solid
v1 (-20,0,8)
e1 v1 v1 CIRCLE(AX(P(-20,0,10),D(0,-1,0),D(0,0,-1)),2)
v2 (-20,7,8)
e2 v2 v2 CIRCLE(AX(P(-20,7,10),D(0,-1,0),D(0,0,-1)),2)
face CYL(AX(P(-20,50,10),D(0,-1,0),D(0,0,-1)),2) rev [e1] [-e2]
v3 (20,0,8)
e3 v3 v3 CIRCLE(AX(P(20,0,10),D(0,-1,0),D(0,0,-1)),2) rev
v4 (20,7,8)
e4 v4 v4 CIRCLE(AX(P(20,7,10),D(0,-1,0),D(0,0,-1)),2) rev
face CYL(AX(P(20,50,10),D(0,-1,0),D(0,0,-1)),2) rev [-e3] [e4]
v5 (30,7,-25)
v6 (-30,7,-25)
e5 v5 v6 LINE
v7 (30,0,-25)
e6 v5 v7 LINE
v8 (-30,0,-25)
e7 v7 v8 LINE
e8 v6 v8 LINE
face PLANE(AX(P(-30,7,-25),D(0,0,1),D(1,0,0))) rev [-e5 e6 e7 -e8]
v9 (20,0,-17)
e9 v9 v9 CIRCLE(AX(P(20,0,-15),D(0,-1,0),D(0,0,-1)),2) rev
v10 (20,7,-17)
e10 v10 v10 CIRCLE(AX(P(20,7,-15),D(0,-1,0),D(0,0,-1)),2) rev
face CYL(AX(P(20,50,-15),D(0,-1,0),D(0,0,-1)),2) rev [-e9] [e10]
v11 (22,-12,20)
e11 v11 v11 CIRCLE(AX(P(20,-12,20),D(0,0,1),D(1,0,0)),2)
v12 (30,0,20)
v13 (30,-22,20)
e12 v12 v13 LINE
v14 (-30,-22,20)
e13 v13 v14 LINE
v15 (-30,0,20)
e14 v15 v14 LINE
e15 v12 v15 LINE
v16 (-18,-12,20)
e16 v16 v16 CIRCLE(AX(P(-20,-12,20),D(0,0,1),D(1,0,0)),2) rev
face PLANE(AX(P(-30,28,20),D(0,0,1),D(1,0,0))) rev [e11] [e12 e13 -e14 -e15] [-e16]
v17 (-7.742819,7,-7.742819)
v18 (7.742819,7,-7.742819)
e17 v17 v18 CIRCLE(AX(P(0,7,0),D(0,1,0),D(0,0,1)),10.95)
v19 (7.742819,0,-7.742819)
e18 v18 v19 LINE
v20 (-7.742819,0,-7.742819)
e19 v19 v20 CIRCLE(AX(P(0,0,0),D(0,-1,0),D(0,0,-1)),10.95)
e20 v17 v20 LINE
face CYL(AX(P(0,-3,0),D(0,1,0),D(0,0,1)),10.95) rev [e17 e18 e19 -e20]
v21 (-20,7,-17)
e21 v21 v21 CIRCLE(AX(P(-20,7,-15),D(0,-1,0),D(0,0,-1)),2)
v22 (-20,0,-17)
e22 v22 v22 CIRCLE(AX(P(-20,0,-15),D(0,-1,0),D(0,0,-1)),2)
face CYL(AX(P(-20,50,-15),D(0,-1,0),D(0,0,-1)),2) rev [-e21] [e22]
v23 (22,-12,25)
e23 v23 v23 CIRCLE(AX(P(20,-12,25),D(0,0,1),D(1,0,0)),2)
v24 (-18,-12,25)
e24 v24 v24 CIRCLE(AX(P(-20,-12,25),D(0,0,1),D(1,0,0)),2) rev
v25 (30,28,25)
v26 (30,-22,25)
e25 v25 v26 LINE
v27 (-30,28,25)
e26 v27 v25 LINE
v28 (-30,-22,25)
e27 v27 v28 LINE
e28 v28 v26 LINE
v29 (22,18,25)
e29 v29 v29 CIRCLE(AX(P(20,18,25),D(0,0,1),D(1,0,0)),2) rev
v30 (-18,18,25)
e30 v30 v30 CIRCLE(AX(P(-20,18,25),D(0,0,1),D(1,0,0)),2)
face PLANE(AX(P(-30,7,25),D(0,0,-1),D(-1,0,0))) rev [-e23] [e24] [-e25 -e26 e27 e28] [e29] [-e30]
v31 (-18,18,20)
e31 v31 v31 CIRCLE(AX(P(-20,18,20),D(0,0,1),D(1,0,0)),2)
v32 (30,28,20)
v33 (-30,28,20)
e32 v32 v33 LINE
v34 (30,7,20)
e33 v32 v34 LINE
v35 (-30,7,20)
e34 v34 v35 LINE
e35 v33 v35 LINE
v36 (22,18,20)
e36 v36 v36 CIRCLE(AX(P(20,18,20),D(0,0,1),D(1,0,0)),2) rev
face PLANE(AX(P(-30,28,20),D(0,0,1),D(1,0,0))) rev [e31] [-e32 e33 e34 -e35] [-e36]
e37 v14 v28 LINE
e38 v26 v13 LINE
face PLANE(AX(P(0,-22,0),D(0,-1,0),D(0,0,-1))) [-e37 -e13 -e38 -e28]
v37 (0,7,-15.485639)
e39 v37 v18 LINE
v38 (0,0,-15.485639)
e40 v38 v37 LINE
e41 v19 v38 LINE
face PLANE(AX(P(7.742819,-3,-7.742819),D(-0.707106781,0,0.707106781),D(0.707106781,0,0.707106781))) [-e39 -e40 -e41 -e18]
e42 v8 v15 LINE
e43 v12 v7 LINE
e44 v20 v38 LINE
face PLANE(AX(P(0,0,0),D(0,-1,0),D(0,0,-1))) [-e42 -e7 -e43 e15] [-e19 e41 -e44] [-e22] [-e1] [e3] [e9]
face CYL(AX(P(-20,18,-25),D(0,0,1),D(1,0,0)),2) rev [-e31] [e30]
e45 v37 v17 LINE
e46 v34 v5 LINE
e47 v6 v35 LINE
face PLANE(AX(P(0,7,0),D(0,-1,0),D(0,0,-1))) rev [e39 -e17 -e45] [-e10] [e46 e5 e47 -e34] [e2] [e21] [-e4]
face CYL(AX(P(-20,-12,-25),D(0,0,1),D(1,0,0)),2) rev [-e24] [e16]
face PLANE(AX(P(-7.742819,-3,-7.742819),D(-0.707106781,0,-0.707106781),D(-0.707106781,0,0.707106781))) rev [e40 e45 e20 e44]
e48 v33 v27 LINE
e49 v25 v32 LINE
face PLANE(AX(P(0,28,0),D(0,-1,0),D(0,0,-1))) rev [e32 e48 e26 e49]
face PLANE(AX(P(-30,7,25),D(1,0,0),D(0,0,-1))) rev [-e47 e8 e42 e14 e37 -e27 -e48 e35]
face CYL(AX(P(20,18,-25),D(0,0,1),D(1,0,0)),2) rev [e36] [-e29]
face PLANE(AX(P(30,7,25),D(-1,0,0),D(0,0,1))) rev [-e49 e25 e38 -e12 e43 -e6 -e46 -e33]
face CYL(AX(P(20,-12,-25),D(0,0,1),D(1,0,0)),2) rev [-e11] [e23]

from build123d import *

# Parameters (mm, degrees)
SKETCH_2_W           = 60
SKETCH_2_H           = 50
SKETCH_2_R           = 10.85
EXTRUDE_1_DEPTH      = 7
SKETCH_4_W           = 60
SKETCH_4_H           = 5
EXTRUDE_2_DEPTH      = 25
SKETCH_6_R           = 2
CUT_EXTRUDE_1_DEPTH  = 50
SKETCH_8_R           = 2
CUT_EXTRUDE_4_DEPTH  = 50
SKETCH_10_R          = 10.95
CUT_EXTRUDE_5_DEPTH  = 10
SKETCH_14_R          = 10.95
CUT_EXTRUDE_12_DEPTH = 10


with BuildPart() as part:
    # 草图2 → 凸台-拉伸1 (new body)
    with BuildSketch(Plane(origin=(0, 0, 0), x_dir=(1, 0, 0), z_dir=(0, 1, 0))):
        Rectangle(SKETCH_2_W, SKETCH_2_H)
        with Locations(Location((0, 0, 0), (0, 0, 270))):
            Circle(SKETCH_2_R, mode=Mode.SUBTRACT)
    extrude(amount=EXTRUDE_1_DEPTH)

    # 草图4 → 凸台-拉伸2 (add, symmetric)
    with BuildSketch(Plane(origin=(0, 3, 0), x_dir=(1, 0, 0), z_dir=(0, 1, 0))):
        with Locations((0, -22.5)):
            Rectangle(SKETCH_4_W, SKETCH_4_H)
    extrude(amount=EXTRUDE_2_DEPTH, both=True)

    # 草图6 → 切除-拉伸1 (cut)
    with BuildSketch(Plane.XY.offset(25)):
        with BuildLine():
            ThreePointArc((-18, 18), (-18.585786438, 19.414213562), (-20, 20))
            Line((-20, 20), (-20, 18))
            Line((-20, 18), (-22, 18))
            ThreePointArc((-22, 18), (-20, 16), (-18, 18))
        make_face()
        with BuildLine():
            Line((-20, 18), (-20, 20))
            ThreePointArc((-20, 20), (-21.414213562, 19.414213562), (-22, 18))
            Line((-22, 18), (-20, 18))
        make_face()
        with Locations((20, 18)):
            Circle(SKETCH_6_R)
        with Locations((-20, -12)):
            Circle(SKETCH_6_R)
        with Locations((20, -12)):
            Circle(SKETCH_6_R)
    extrude(amount=-CUT_EXTRUDE_1_DEPTH, mode=Mode.SUBTRACT)

    # 草图8 → 切除-拉伸4 (cut)
    with BuildSketch(Plane.XZ):
        with BuildLine():
            ThreePointArc((-18, 10), (-18.585786438, 11.414213562), (-20, 12))
            Line((-20, 12), (-20, 10))
            Line((-20, 10), (-22, 10))
            ThreePointArc((-22, 10), (-20, 8), (-18, 10))
        make_face()
        with BuildLine():
            Line((-20, 10), (-20, 12))
            ThreePointArc((-20, 12), (-21.414213562, 11.414213562), (-22, 10))
            Line((-22, 10), (-20, 10))
        make_face()
        with Locations(Location((20, 10, 0), (0, 0, 270))):
            Circle(SKETCH_8_R)
        with Locations(Location((20, -15, 0), (0, 0, 270))):
            Circle(SKETCH_8_R)
        with Locations(Location((-20, -15, 0), (0, 0, 270))):
            Circle(SKETCH_8_R)
    extrude(amount=-CUT_EXTRUDE_4_DEPTH, mode=Mode.SUBTRACT)

    # 草图10 → 切除-拉伸5 (cut)
    with BuildSketch(Plane(origin=(0, 7, 0), x_dir=(1, 0, 0), z_dir=(0, 1, 0))):
        with Locations(Location((0, 0, 0), (0, 0, 270))):
            Circle(SKETCH_10_R)
    extrude(amount=-CUT_EXTRUDE_5_DEPTH, mode=Mode.SUBTRACT)

    # 草图14 → 切除-拉伸12 (cut)
    with BuildSketch(Plane(origin=(0, 7, 0), x_dir=(1, 0, 0), z_dir=(0, 1, 0))):
        with BuildLine():
            ThreePointArc((-7.742819254, 7.742819254), (-4.190383584, 10.116480881), (0, 10.95))
            Line((0, 10.95), (0, 15.485638508))
            Line((0, 15.485638508), (-7.742819254, 7.742819254))
        make_face()
        with BuildLine():
            Line((0, 15.485638508), (0, 10.95))
            ThreePointArc((0, 10.95), (4.190383584, 10.116480881), (7.742819254, 7.742819254))
            Line((7.742819254, 7.742819254), (0, 15.485638508))
        make_face()
        Circle(SKETCH_14_R)
    extrude(amount=-CUT_EXTRUDE_12_DEPTH, mode=Mode.SUBTRACT)


solid = part.part
